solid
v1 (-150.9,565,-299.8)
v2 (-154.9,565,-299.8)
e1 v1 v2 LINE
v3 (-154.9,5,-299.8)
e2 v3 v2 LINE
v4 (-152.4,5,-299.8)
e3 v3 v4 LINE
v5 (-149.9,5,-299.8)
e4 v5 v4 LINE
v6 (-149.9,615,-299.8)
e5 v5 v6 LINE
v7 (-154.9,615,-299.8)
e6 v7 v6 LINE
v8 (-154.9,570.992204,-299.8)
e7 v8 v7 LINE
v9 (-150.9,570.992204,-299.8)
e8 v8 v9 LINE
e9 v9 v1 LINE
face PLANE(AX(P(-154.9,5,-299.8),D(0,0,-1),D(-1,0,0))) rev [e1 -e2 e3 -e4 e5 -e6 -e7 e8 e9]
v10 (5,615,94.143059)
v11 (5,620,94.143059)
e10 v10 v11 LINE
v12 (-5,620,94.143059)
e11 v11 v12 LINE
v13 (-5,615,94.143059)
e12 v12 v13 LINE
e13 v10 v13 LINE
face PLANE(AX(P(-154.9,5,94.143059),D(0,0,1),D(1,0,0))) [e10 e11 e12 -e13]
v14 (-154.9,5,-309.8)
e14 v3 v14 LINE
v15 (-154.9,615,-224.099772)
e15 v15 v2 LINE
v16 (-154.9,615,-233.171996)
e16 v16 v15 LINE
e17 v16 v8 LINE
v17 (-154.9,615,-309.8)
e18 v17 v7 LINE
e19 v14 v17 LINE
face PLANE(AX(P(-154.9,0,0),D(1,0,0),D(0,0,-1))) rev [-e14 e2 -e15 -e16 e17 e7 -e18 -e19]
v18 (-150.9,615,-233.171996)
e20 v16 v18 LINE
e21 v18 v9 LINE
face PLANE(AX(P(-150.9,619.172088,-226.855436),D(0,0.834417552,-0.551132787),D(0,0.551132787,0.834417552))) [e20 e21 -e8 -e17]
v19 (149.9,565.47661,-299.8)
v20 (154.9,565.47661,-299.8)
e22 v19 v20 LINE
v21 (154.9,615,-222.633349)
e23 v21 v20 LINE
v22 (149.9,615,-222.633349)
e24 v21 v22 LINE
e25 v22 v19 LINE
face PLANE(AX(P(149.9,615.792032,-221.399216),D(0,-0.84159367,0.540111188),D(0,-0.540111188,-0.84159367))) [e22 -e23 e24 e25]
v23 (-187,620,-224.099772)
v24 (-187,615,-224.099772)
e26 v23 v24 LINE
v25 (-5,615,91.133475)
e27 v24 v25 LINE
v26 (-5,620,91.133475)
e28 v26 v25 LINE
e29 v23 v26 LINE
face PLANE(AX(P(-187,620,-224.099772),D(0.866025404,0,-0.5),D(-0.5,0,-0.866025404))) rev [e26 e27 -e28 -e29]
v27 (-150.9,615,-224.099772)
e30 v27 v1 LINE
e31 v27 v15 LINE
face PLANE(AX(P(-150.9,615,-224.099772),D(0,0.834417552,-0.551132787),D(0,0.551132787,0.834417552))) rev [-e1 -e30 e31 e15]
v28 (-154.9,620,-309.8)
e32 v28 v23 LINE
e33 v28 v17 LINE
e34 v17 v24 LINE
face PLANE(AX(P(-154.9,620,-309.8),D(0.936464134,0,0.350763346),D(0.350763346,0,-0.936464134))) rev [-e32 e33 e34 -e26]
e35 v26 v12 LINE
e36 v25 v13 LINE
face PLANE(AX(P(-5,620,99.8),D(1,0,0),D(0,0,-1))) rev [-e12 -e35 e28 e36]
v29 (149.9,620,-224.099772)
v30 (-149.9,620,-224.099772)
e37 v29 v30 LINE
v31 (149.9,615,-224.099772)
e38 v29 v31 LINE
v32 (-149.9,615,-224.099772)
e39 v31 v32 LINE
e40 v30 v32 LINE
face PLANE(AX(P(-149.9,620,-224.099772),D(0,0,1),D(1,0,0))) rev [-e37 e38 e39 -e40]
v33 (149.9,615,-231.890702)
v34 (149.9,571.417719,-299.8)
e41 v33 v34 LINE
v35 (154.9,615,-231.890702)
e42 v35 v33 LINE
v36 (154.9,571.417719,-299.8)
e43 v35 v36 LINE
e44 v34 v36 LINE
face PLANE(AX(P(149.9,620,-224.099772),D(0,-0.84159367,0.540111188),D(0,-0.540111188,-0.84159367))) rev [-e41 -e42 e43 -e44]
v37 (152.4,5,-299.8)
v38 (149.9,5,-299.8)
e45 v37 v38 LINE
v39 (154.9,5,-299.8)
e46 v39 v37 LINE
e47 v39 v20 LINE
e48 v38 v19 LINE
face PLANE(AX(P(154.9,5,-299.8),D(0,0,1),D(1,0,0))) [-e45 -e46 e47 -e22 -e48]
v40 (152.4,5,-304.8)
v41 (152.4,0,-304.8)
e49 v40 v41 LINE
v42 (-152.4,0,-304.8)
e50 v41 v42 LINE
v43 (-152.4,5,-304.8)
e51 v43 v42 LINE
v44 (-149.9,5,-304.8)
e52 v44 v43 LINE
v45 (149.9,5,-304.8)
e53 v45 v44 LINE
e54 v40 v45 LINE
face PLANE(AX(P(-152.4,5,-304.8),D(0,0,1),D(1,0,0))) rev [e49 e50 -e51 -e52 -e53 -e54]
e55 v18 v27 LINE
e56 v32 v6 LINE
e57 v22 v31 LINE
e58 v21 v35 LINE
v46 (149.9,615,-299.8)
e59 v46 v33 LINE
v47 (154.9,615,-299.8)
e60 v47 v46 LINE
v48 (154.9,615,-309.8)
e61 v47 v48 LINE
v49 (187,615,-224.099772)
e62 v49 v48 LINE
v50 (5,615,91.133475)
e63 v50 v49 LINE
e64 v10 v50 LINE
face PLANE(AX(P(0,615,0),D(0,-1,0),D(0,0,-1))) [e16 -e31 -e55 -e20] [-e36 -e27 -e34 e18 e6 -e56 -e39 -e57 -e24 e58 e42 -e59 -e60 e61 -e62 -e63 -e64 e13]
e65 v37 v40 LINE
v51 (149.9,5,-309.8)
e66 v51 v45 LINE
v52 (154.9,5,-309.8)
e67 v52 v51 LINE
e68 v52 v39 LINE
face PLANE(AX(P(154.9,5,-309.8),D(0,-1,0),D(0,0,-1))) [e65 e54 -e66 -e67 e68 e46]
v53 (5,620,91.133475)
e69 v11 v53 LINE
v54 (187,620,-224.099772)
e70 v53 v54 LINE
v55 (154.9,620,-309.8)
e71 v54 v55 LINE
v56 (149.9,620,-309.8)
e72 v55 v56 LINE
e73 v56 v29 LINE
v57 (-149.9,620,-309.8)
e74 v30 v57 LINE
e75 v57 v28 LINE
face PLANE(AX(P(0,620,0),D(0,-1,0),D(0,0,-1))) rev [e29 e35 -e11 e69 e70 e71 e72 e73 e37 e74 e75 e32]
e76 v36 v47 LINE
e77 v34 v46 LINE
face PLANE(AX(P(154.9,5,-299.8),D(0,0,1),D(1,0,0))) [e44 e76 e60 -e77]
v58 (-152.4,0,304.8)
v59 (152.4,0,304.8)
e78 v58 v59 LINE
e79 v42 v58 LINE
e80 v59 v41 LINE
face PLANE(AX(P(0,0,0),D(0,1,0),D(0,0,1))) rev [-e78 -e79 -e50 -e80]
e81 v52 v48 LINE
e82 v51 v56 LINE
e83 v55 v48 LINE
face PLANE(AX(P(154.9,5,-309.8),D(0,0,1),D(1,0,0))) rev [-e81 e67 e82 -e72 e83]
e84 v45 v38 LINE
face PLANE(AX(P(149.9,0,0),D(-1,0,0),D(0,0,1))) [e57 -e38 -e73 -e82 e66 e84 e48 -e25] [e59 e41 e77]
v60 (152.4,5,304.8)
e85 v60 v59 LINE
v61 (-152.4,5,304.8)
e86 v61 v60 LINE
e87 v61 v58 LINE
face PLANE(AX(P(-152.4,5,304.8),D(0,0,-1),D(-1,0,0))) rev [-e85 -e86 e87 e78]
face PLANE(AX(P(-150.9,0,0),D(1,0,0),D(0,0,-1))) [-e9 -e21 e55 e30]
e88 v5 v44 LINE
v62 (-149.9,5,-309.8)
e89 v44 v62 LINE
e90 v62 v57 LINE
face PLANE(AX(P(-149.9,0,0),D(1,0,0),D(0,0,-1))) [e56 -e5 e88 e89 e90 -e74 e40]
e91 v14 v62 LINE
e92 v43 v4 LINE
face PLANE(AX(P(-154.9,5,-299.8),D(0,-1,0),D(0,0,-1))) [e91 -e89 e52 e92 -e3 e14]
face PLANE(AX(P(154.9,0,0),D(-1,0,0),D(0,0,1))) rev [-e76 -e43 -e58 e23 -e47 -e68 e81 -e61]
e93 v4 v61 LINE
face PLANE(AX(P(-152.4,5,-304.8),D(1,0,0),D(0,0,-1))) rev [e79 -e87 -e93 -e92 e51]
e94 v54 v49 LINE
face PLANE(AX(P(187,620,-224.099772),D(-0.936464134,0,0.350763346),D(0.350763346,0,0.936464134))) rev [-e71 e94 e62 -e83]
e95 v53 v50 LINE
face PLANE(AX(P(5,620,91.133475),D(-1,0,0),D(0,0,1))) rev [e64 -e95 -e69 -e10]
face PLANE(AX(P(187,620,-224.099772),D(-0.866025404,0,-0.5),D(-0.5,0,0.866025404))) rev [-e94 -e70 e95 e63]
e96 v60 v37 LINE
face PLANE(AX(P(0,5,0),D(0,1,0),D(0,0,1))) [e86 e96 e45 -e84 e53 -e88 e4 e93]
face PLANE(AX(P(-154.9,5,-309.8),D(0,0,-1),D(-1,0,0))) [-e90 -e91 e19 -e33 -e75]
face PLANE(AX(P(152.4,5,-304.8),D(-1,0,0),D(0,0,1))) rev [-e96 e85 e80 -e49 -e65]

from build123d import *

# Parameters (mm, degrees)
SKETCH2_W           = 304.8
SKETCH2_H           = 609.6
BOSS_EXTRUDE1_DEPTH = 5
SKETCH3_W           = 10
SKETCH3_H           = 610
EXTRUDE_THIN1_DEPTH = 2.5
SKETCH4_W           = 10
SKETCH4_H           = 610
EXTRUDE_THIN2_DEPTH = 2.5
BOSS_EXTRUDE2_DEPTH = 5
EXTRUDE_THIN3_DEPTH = 4
EXTRUDE_THIN5_DEPTH = 5
SKETCH12_W          = 309.8
SKETCH12_H          = 215.656941329
CUT_EXTRUDE1_DEPTH  = 615


with BuildPart() as part:
    # Sketch2 → Boss-Extrude1 (new body)
    with BuildSketch(Plane(origin=(0, 0, 0), x_dir=(1, 0, 0), z_dir=(0, 1, 0))):
        Rectangle(SKETCH2_W, SKETCH2_H)
    extrude(amount=BOSS_EXTRUDE1_DEPTH)

    # Sketch3 → Extrude-Thin1 (add, symmetric)
    with BuildSketch(Plane(origin=(152.4, 0, 0), x_dir=(0, 0, -1), z_dir=(1, 0, 0))):
        with Locations((-304.8, 310)):
            Rectangle(SKETCH3_W, SKETCH3_H)
        with Locations((304.8, 310)):
            Rectangle(SKETCH3_W, SKETCH3_H)
    extrude(amount=EXTRUDE_THIN1_DEPTH, both=True)

    # Sketch4 → Extrude-Thin2 (add, symmetric)
    with BuildSketch(Plane.ZY.offset(152.4)):
        with Locations((-304.8, 310)):
            Rectangle(SKETCH4_W, SKETCH4_H)
        with Locations((304.8, 310)):
            Rectangle(SKETCH4_W, SKETCH4_H)
    extrude(amount=EXTRUDE_THIN2_DEPTH, both=True)

    # Sketch5 → Boss-Extrude2 (add)
    with BuildSketch(Plane(origin=(0, 615, 0), x_dir=(1, 0, 0), z_dir=(0, 1, 0))):
        Polygon((154.9, -309.8), (-154.9, -309.8), (-154.9, -299.8), (-5, -299.8), (-5, -99.8), (-5, -91.133474836), (-187, 224.099772141), (-154.9, 309.8), (-149.9, 309.8), (-149.9, 224.099772141), (149.9, 224.099772141), (149.9, 309.8), (154.9, 309.8), (187, 224.099772141), (5, -91.133474836), (5, -104.787457748), (5, -299.8), (154.9, -299.8), align=None)
    extrude(amount=BOSS_EXTRUDE2_DEPTH)

    # Sketch6 → Extrude-Thin3 (add)
    with BuildSketch(Plane.ZY.offset(154.9)):
        Polygon((-224.099772141, 615), (-299.8, 565), (-302.555663937, 569.172087759), (-226.855436078, 619.172087759), align=None)
    extrude(amount=-EXTRUDE_THIN3_DEPTH)

    # Sketch11 → Extrude-Thin5 (add)
    with BuildSketch(Plane(origin=(154.9, 0, 0), x_dir=(0, 0, -1), z_dir=(1, 0, 0))):
        Polygon((224.099772141, 620), (309.8, 565), (307.099444062, 560.792031651), (221.399216204, 615.792031651), align=None)
    extrude(amount=-EXTRUDE_THIN5_DEPTH)

    # Sketch12 → Cut-Extrude1 (cut)
    with BuildSketch(Plane(origin=(0, 620, 0), x_dir=(1, 0, 0), z_dir=(0, 1, 0))):
        with Locations((0, -201.971529336)):
            Rectangle(SKETCH12_W, SKETCH12_H)
    extrude(amount=-CUT_EXTRUDE1_DEPTH, mode=Mode.SUBTRACT)


solid = part.part
